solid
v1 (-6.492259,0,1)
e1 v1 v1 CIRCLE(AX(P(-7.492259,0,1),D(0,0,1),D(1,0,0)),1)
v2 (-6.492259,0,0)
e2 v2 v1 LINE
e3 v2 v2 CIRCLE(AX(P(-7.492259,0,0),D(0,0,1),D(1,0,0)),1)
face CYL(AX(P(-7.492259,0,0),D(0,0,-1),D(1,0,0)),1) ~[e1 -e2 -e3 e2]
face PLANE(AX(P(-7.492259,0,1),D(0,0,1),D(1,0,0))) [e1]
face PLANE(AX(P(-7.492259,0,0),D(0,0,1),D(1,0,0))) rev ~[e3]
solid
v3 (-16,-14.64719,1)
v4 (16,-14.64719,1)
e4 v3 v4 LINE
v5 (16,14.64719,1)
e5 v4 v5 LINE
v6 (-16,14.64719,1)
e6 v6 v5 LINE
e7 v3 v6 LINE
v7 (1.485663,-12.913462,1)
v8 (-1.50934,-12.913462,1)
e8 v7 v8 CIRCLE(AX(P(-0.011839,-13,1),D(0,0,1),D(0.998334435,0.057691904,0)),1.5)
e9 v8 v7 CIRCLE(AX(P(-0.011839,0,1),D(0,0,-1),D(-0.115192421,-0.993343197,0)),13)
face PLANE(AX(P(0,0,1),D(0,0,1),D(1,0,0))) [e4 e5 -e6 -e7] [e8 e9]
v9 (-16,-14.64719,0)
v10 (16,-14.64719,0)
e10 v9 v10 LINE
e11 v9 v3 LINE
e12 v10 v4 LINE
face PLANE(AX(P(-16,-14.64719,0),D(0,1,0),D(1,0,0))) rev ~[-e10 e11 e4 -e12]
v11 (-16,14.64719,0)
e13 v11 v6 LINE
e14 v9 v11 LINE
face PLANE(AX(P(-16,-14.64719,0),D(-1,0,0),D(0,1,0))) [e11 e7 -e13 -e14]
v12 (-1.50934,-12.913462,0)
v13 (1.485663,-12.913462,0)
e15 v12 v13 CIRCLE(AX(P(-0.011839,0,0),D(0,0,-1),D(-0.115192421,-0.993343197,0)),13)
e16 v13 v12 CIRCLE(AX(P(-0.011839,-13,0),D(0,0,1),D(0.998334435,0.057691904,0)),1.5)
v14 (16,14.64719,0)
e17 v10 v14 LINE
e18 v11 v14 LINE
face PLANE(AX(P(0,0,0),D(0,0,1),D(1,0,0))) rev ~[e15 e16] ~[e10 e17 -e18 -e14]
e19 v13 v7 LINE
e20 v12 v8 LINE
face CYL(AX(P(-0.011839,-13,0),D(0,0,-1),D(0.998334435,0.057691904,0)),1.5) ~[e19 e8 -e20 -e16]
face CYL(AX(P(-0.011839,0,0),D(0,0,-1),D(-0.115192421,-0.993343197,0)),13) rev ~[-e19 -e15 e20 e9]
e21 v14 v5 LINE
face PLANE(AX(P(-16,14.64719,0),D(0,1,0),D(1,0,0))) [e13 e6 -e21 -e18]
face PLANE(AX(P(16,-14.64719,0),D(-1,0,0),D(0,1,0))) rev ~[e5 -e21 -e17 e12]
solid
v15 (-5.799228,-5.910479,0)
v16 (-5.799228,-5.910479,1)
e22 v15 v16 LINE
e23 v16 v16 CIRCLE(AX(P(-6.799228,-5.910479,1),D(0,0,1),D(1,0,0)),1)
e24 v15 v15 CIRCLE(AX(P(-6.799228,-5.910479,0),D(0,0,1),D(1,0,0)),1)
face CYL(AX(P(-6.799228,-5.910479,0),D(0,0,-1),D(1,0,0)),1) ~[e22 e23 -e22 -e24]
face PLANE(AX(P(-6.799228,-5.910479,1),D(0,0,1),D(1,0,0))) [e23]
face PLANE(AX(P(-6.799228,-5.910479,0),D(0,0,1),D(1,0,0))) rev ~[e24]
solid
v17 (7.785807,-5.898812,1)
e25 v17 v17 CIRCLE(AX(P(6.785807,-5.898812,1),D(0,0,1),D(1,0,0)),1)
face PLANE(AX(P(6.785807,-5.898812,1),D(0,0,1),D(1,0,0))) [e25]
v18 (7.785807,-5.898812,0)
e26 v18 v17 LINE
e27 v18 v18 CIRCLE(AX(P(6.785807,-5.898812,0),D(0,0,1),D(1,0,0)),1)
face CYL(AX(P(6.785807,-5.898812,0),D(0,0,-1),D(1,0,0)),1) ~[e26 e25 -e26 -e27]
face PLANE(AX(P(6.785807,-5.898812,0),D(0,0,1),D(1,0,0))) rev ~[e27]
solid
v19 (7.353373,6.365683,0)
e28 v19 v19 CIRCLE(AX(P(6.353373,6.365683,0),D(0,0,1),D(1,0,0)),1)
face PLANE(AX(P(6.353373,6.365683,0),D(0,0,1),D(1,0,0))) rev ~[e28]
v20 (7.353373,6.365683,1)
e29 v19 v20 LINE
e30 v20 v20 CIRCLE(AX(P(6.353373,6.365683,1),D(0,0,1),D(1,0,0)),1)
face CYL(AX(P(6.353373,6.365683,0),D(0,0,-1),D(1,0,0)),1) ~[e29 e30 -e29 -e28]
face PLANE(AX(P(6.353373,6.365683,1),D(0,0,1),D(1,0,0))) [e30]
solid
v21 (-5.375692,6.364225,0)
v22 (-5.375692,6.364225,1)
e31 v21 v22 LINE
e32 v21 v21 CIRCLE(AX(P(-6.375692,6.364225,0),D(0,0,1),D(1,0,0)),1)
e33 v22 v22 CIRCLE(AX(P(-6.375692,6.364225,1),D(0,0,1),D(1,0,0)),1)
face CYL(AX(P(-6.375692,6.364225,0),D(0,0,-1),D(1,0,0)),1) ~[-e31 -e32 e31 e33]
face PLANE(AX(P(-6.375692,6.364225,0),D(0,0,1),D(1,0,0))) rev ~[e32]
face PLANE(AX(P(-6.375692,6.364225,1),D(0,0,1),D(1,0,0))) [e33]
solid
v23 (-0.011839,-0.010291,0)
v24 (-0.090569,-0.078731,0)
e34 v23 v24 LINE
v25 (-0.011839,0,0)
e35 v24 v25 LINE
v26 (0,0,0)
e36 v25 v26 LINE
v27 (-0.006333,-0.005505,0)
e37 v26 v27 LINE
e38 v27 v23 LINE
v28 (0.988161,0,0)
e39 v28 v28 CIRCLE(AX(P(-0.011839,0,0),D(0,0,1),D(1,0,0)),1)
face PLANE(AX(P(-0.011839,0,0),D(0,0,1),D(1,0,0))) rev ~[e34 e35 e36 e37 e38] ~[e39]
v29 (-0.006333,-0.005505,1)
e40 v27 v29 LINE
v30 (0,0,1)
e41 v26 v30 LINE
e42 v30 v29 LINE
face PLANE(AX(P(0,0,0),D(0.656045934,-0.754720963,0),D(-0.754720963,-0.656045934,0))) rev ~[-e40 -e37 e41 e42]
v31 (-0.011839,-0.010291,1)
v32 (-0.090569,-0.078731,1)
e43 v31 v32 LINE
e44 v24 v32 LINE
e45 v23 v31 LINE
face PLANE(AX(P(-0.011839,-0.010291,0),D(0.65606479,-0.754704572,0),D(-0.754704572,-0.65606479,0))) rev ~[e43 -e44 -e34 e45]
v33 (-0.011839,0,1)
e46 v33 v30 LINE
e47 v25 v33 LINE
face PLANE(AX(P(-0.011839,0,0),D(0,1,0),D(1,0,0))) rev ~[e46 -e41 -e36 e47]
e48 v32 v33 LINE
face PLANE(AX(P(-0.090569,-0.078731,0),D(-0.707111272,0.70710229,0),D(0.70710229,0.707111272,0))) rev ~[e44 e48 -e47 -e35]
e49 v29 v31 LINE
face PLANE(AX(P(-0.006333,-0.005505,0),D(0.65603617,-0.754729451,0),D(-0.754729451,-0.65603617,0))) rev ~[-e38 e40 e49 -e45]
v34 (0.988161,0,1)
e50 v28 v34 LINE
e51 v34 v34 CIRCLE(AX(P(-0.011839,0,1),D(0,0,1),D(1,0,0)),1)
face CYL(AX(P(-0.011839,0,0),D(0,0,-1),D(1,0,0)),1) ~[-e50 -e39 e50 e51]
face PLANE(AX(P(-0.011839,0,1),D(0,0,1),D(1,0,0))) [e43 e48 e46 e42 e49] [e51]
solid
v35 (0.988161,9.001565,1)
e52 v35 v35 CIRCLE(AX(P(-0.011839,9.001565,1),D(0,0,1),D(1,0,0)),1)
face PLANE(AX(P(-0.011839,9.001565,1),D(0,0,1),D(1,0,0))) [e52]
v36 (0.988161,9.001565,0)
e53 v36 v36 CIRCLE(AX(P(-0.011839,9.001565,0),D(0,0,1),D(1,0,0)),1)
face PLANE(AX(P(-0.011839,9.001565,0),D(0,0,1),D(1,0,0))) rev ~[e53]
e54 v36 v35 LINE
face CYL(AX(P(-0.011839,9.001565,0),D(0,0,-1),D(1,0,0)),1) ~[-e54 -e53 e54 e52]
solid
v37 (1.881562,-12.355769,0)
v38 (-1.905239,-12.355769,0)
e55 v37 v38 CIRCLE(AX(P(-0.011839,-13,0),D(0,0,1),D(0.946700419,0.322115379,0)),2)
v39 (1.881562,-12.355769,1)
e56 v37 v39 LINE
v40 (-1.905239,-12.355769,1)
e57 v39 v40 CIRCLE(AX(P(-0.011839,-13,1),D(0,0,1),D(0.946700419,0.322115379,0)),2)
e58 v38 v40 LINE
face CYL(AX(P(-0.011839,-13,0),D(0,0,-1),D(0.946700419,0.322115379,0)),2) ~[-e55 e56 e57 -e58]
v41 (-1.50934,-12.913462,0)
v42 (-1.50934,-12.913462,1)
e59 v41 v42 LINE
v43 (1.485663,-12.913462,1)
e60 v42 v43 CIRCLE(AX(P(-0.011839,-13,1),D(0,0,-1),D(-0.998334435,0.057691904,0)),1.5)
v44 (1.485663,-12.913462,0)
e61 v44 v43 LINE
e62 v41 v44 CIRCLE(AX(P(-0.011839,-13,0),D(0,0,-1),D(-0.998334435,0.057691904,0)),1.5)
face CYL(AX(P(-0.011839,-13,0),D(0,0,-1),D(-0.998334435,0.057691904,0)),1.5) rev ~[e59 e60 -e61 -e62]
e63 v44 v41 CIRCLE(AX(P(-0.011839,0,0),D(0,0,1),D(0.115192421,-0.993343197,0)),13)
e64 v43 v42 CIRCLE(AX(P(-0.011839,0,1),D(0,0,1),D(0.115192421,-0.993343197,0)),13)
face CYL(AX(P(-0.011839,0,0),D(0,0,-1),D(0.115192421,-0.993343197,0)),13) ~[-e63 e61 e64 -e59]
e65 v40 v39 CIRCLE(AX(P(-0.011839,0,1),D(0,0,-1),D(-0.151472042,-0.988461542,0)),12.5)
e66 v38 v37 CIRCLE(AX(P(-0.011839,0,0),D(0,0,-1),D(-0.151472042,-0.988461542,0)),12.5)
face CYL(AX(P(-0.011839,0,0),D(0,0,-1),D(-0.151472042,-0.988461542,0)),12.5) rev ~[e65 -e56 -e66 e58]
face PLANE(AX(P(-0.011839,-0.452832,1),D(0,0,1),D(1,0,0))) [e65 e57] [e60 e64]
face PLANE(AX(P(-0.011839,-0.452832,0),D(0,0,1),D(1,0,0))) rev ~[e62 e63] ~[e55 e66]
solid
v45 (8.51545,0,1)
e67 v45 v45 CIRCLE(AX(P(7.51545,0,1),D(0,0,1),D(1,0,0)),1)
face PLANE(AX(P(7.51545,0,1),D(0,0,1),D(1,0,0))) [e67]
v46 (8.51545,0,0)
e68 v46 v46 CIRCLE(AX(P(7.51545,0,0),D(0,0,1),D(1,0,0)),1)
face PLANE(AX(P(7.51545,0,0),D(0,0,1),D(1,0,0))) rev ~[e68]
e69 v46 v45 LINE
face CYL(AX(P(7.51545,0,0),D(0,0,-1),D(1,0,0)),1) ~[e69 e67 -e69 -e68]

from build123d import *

# Parameters (mm, degrees)
F0_R     = 1
F1_DEPTH = 1
F0_W     = 32
F0_H     = 29.29438
F2_DEPTH = 1


with BuildPart() as f1:
    # F0 (on Top) → F1 (new body)
    with BuildSketch(Plane.XY):
        with BuildLine():
            ThreePointArc((-1.50934, -12.913462), (-0.011839, -11.5), (1.485663, -12.913462))
            ThreePointArc((1.485663, -12.913462), (-0.011839, 13), (-1.50934, -12.913462))
        make_face()
        with BuildLine():
            ThreePointArc((-1.905239, -12.355769), (-0.011839, 12.5), (1.881562, -12.355769))
            ThreePointArc((1.881562, -12.355769), (-0.011839, -11), (-1.905239, -12.355769))
        make_face(mode=Mode.SUBTRACT)
        with Locations((-6.799228, -5.910479)):
            Circle(F0_R)
        with Locations((-7.492259, 0)):
            Circle(F0_R)
        with Locations((-6.375692, 6.364225)):
            Circle(F0_R)
        with Locations((-0.011839, 9.001565)):
            Circle(F0_R)
        with Locations((6.353373, 6.365683)):
            Circle(F0_R)
        with Locations((7.51545, 0)):
            Circle(F0_R)
        with Locations((6.785807, -5.898812)):
            Circle(F0_R)
        with Locations((-0.011839, 0)):
            Circle(F0_R)
        Polygon((-0.090569, -0.078731), (-0.011839, 0), (0, 0), (-0.006333, -0.005505), (-0.011839, -0.010291), align=None, mode=Mode.SUBTRACT)
    extrude(amount=F1_DEPTH)


with BuildPart() as f2:
    # F0 (on Top) → F2 (new body)
    with BuildSketch(Plane.XY):
        Rectangle(F0_W, F0_H)
        with BuildLine():
            ThreePointArc((-1.50934, -12.913462), (-0.011839, 13), (1.485663, -12.913462))
            ThreePointArc((1.485663, -12.913462), (-0.011839, -11.5), (-1.50934, -12.913462))
        make_face(mode=Mode.SUBTRACT)
    extrude(amount=F2_DEPTH)


solid = Compound([f1.part, f2.part])
